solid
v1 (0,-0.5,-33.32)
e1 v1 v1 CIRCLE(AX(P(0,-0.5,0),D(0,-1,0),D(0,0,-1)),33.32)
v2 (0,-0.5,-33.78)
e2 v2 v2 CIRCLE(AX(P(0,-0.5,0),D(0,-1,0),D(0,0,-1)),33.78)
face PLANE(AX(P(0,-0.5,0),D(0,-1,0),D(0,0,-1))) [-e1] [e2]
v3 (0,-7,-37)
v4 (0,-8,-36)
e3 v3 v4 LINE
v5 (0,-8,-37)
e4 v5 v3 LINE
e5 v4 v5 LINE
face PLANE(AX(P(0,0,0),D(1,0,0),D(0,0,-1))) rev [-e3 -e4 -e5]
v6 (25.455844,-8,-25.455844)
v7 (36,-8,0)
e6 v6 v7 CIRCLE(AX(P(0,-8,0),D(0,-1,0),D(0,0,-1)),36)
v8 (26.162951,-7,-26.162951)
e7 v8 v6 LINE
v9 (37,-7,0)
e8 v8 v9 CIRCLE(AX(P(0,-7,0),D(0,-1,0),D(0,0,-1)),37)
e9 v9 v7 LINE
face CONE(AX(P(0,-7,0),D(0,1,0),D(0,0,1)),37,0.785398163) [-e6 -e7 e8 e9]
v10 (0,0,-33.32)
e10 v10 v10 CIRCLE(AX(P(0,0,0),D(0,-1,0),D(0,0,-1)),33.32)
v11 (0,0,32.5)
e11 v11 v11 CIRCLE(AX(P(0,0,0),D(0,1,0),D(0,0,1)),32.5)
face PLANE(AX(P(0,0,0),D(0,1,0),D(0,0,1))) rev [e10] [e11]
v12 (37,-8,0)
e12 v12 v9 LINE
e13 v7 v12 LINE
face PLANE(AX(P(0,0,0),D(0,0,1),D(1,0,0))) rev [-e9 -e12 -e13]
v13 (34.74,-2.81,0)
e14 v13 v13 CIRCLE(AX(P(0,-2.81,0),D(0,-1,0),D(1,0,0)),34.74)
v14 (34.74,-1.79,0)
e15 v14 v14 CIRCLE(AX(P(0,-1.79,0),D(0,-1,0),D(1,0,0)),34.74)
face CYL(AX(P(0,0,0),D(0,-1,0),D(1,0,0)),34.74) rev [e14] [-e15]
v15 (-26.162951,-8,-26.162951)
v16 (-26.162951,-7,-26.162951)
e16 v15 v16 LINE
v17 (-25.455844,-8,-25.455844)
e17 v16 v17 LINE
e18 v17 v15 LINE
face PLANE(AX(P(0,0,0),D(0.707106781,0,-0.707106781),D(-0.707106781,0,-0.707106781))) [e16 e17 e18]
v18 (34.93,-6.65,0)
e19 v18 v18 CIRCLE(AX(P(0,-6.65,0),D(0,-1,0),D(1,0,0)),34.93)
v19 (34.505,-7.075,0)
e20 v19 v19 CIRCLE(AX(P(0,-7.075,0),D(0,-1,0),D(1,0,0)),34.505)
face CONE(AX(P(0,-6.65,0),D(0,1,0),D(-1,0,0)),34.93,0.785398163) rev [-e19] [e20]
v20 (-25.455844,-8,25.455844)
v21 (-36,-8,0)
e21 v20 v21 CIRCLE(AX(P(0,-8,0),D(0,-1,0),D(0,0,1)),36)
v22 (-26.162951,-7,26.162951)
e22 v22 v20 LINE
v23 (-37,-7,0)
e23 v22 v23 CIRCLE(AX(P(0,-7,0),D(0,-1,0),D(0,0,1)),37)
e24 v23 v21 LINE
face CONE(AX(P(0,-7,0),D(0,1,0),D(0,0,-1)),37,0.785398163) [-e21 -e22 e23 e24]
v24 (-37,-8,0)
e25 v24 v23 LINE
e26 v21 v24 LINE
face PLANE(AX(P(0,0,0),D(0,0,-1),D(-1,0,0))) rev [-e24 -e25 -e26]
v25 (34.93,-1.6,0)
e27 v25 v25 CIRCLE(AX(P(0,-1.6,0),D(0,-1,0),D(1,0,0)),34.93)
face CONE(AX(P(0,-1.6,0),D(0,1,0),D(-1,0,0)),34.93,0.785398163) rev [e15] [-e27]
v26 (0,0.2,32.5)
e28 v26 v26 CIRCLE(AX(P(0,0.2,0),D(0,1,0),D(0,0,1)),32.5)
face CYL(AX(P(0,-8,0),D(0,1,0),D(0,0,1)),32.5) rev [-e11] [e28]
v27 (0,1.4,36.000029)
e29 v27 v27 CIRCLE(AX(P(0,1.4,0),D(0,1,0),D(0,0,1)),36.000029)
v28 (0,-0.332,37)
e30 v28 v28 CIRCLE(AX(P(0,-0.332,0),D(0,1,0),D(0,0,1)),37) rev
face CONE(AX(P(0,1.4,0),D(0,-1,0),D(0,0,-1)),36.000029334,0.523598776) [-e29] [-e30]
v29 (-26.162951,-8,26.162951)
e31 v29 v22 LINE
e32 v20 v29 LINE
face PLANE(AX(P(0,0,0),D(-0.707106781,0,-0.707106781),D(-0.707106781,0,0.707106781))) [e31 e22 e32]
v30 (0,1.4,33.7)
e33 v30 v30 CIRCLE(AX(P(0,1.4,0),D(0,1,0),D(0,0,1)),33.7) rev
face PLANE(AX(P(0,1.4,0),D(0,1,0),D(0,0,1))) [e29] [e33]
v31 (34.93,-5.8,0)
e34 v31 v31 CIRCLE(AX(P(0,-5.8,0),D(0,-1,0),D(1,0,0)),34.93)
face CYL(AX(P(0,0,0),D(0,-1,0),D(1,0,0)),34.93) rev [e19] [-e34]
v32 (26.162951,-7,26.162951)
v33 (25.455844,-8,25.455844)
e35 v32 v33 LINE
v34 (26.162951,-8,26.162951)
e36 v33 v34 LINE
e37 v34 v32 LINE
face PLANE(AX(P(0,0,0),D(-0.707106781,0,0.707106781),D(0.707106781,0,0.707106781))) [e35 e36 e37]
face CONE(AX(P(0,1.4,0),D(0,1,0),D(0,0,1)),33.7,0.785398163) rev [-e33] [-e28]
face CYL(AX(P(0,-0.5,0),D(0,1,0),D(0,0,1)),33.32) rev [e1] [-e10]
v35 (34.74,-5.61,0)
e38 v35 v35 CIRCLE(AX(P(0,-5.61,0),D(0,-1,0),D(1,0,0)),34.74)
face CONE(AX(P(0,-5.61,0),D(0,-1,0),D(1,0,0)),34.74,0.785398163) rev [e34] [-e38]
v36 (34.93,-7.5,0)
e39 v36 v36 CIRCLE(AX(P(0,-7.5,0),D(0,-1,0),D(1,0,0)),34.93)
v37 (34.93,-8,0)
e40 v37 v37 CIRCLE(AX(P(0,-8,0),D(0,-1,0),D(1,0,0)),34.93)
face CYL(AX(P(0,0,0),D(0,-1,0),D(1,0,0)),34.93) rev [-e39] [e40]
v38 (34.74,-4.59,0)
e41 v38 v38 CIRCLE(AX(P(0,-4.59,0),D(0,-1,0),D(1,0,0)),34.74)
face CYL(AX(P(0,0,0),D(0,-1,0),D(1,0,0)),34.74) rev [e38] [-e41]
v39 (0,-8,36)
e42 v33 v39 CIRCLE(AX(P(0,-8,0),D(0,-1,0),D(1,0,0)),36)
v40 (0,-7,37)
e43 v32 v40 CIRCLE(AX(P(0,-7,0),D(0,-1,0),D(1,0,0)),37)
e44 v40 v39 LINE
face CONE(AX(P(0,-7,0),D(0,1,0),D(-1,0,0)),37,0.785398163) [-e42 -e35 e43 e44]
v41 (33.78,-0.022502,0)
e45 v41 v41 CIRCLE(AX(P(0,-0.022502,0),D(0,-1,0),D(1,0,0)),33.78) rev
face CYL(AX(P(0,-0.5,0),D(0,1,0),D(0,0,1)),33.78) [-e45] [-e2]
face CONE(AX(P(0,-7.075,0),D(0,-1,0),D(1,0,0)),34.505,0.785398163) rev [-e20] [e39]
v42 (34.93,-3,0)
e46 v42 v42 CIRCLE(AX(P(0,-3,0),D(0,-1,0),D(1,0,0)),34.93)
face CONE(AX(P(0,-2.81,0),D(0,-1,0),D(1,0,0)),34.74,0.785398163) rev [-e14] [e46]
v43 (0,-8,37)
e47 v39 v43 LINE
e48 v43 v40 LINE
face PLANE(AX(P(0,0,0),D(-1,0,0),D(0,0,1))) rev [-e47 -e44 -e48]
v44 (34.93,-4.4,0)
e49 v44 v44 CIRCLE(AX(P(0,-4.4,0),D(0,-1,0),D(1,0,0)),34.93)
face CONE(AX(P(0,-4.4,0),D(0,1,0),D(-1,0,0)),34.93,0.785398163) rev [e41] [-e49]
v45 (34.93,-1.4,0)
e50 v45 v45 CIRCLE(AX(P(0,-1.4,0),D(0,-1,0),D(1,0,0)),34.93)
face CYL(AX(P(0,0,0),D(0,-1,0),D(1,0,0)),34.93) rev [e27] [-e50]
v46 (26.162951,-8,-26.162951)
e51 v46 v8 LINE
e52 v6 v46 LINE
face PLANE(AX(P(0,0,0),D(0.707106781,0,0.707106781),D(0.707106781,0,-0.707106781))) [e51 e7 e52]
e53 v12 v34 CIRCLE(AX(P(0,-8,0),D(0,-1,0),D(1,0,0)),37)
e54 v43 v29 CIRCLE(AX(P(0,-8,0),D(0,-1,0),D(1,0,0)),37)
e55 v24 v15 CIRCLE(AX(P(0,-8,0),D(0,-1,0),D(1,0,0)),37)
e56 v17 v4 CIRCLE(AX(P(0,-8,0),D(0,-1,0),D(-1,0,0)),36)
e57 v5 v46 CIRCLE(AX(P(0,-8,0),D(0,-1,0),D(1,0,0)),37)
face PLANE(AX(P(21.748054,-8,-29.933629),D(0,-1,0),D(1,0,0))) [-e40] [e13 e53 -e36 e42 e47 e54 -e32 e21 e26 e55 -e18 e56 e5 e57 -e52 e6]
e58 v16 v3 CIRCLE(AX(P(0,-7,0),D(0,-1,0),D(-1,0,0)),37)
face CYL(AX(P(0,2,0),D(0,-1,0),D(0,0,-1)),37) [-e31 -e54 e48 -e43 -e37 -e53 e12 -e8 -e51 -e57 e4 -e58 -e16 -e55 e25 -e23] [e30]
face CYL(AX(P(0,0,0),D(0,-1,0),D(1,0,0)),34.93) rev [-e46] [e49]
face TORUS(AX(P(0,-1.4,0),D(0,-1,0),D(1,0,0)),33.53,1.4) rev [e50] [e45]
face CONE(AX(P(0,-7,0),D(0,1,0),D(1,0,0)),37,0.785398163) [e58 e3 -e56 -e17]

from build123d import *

# Parameters (mm, degrees)
SKETCH_1_R               = 37
EXTRUDE_1_DEPTH          = 2
SKETCH_4_R               = 32.5
CUT_EXTRUDE_1_DEPTH      = 54.272882407
CUT_EXTRUDE_START        = -0.6
SKETCH_5_R               = 37
CUT_EXTRUDE_2_DEPTH      = 0.6
CHAMFER_1_SIZE           = 1.2
CHAMFER_2_SIZE           = 1.732
CHAMFER_2_SIZE2          = 0.999970666
CUT_REVOLVE_1_ANGLE      = 45
PATTERN_CIRCULAR_1_COUNT = 4
SKETCH_7_R               = 33.78
SKETCH_7_R_2             = 33.32
EXTRUDE_2_DEPTH          = 0.5


with BuildPart() as part:
    # 草图1 → 凸台-拉伸1 (new body)
    with BuildSketch(Plane(origin=(0, 0, 0), x_dir=(1, 0, 0), z_dir=(0, 1, 0))):
        with Locations(Location((0, 0, 0), (0, 0, 270))):
            Circle(SKETCH_1_R)
    extrude(amount=EXTRUDE_1_DEPTH)

    # 草图3 → 旋转1 (revolve)
    with BuildSketch(Plane(origin=(0, 0, 0), x_dir=(0.5877852522924704, 0, -0.8090169943749496), z_dir=(0.8090169943749496, 0, 0.5877852522924704)), mode=Mode.PRIVATE) as revolve_1_sk:
        with BuildLine():
            Line((34.93, -8), (34.93, -7.5))
            Line((34.93, -7.5), (34.505, -7.075))
            Line((34.505, -7.075), (34.93, -6.65))
            Line((34.93, -6.65), (34.93, -5.8))
            Line((34.93, -5.8), (34.74, -5.61))
            Line((34.74, -5.61), (34.74, -4.59))
            Line((34.74, -4.59), (34.93, -4.4))
            Line((34.93, -4.4), (34.93, -3))
            Line((34.93, -3), (34.74, -2.81))
            Line((34.74, -2.81), (34.74, -1.79))
            Line((34.74, -1.79), (34.93, -1.6))
            Line((34.93, -1.6), (34.93, -1.4))
            ThreePointArc((34.93, -1.4), (34.519949494, -0.410050506), (33.53, 0))
            Line((33.53, 0), (37, 0))
            Line((37, 0), (37, -8))
            Line((37, -8), (34.93, -8))
        make_face()
    revolve(revolve_1_sk.sketch.rotate(Axis((0, 0, 0), (0, 1, 0)), 306), axis=Axis((0, 0, 0), (0, 1, 0)))

    # 草图4 → 切除-拉伸1 (cut, through all)
    with BuildSketch(Plane(origin=(0, 2, 0), x_dir=(1, 0, 0), z_dir=(0, 1, 0))):
        with Locations(Location((0, 0, 0), (0, 0, 270))):
            Circle(SKETCH_4_R)
    extrude(amount=-CUT_EXTRUDE_1_DEPTH, mode=Mode.SUBTRACT)

    # 草图5 → 切除-拉伸2 (cut)
    with BuildSketch(Plane(origin=(0, 2, 0), x_dir=(1, 0, 0), z_dir=(0, 1, 0)).offset(CUT_EXTRUDE_START)):
        Circle(SKETCH_5_R)
    extrude(amount=CUT_EXTRUDE_2_DEPTH, mode=Mode.SUBTRACT)

    # 倒角1
    chamfer_1_edges = [part.edges().sort_by_distance(p)[0] for p in [
        (0, 1.4, -32.5),
    ]]
    chamfer(chamfer_1_edges, length=CHAMFER_1_SIZE)

    # 倒角2
    chamfer_2_edges = [part.edges().sort_by_distance(p)[0] for p in [
        (0, 1.4, -37),
    ]]
    chamfer_2_side = [part.faces().sort_by_distance(p)[0] for p in [
        (-26.162950904, -3.3, -26.162950904),
    ]]
    chamfer(chamfer_2_edges, length=CHAMFER_2_SIZE, length2=CHAMFER_2_SIZE2, reference=chamfer_2_side[0])

    # 草图6 → 切除-旋转1 (revolve, cut)
    with BuildSketch(Plane.XY):
        Polygon((37, -8), (37, -7), (36, -8), align=None)
    cut_revolve_1 = revolve(axis=Axis((0, 0, 0), (0, 1, 0)), revolution_arc=CUT_REVOLVE_1_ANGLE, mode=Mode.SUBTRACT)

    # 阵列(圆周)1: 切除-旋转1 ×4 about axis
    pattern_circular_1_axis = Axis((0, 0, 0), (0, 1, 0))
    for i in range(1, PATTERN_CIRCULAR_1_COUNT):
        add(cut_revolve_1.rotate(pattern_circular_1_axis, i * 360 / PATTERN_CIRCULAR_1_COUNT), mode=Mode.SUBTRACT)

    # 草图7 → 凸台-拉伸2 (add)
    with BuildSketch(Plane.XZ):
        Circle(SKETCH_7_R)
        with Locations(Location((0, 0, 0), (0, 0, 270))):
            Circle(SKETCH_7_R_2, mode=Mode.SUBTRACT)
    extrude(amount=EXTRUDE_2_DEPTH)


solid = part.part
